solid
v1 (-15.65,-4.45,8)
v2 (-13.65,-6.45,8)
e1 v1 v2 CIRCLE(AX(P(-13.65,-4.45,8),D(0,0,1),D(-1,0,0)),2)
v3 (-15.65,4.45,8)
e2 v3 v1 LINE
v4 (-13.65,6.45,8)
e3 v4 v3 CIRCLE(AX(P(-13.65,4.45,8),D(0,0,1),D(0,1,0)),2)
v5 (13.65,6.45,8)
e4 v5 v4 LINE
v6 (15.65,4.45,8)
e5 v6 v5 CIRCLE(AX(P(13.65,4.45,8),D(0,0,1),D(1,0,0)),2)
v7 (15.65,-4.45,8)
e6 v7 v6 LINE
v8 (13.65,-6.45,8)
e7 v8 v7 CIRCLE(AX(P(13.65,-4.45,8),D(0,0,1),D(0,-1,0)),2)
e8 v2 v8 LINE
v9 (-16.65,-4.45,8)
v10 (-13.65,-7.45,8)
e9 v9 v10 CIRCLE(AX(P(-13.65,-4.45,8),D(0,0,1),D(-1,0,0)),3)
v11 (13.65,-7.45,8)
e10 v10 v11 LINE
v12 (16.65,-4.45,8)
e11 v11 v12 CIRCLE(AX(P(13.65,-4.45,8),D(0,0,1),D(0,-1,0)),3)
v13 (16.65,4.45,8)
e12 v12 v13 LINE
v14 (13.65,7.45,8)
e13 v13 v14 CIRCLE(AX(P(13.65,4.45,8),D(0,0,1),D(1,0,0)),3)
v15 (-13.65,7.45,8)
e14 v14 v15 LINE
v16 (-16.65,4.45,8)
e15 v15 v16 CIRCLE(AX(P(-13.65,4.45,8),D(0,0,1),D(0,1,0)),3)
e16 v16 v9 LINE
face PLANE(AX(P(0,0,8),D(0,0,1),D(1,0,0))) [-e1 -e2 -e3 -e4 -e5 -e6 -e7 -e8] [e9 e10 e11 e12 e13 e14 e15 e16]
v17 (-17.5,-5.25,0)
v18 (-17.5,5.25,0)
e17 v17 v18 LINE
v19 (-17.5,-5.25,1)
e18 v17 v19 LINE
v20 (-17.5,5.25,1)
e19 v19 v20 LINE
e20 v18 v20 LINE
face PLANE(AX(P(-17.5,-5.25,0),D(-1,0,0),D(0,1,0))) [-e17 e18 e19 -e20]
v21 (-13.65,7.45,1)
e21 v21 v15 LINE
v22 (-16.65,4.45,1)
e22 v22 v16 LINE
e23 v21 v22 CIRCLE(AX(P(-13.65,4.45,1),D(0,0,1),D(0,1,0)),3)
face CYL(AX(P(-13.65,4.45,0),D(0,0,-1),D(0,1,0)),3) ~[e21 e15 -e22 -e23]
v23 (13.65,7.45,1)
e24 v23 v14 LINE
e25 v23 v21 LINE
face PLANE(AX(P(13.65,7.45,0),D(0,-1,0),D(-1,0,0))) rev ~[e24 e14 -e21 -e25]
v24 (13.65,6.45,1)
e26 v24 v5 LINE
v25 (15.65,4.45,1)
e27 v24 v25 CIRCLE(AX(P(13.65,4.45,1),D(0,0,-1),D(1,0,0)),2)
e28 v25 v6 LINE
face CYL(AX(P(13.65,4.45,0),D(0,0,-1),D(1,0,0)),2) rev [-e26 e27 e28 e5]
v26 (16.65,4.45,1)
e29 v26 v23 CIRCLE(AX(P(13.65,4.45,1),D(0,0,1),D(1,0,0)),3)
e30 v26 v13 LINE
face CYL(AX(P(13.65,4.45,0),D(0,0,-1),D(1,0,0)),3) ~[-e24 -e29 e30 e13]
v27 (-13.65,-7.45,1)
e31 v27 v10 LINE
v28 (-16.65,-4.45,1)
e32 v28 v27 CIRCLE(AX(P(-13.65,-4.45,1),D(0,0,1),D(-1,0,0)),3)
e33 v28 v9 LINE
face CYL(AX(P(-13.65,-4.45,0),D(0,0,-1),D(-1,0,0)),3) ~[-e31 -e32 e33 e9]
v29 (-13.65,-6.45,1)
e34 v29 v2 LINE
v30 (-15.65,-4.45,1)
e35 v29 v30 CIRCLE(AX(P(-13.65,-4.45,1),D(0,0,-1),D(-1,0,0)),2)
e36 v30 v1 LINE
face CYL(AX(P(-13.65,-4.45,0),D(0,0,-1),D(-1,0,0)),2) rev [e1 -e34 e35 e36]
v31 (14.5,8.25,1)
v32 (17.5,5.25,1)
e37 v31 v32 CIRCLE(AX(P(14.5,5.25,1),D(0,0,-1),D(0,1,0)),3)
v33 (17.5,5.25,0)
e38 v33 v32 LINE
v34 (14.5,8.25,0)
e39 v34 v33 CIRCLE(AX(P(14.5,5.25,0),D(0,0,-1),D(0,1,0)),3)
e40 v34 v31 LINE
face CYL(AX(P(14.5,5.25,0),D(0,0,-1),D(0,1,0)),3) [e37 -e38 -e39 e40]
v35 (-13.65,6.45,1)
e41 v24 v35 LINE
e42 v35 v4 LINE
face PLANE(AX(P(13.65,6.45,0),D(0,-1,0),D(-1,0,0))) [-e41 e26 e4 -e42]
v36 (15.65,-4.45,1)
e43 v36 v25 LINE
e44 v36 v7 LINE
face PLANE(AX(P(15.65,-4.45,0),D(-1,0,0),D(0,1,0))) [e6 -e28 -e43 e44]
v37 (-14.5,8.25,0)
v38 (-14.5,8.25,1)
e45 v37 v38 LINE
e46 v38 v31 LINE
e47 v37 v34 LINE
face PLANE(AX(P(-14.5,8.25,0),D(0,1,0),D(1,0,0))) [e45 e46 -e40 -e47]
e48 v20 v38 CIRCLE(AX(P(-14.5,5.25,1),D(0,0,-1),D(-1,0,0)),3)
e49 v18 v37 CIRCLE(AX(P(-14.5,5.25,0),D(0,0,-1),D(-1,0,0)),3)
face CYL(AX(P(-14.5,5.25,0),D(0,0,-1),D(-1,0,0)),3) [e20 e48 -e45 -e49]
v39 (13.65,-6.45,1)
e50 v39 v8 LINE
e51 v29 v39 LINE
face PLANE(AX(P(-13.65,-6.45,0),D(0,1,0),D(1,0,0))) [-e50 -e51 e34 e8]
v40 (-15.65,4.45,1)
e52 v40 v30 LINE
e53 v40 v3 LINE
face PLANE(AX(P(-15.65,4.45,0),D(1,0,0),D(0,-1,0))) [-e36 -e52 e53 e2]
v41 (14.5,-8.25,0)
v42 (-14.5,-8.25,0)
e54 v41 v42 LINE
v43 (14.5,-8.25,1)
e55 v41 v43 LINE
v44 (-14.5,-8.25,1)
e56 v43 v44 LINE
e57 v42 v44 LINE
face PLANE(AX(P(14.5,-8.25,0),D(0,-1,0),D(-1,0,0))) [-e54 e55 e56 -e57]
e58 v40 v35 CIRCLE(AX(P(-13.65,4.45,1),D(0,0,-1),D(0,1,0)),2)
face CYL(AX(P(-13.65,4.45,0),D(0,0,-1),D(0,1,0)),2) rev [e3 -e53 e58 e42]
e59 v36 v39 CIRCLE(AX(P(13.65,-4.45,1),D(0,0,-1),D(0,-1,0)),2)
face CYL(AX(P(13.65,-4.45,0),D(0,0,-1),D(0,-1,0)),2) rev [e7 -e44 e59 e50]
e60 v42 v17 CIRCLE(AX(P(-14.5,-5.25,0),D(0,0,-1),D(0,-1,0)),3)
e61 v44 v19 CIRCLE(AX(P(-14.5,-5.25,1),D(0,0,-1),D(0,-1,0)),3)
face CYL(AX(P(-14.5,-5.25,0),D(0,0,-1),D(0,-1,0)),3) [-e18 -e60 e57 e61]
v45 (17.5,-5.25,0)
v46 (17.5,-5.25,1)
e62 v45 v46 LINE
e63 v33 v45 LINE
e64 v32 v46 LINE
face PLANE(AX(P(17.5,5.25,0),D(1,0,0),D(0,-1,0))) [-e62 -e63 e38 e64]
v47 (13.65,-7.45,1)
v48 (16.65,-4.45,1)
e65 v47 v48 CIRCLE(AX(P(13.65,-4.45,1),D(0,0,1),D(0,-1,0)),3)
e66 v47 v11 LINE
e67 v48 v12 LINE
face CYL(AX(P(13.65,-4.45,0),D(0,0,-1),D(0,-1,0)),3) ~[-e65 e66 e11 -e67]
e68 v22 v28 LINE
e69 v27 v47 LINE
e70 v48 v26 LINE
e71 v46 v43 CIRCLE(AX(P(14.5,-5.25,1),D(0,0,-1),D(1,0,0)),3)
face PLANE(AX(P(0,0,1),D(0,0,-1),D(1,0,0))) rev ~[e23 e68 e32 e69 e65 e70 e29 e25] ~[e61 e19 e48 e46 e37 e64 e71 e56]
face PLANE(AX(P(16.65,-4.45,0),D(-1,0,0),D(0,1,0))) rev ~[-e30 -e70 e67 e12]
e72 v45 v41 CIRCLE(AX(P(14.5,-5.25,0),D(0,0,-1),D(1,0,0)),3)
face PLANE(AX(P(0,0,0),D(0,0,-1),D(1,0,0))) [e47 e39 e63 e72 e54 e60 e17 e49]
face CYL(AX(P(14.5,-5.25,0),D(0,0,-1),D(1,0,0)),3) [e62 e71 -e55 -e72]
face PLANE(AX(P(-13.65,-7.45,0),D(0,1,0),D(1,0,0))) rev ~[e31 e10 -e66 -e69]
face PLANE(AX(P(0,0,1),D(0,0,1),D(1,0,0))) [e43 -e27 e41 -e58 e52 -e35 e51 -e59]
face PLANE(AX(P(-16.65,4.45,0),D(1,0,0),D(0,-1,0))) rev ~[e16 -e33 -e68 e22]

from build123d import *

# Parameters (mm, degrees)
F1_DEPTH = 8
F2_T     = -1
F4_DEPTH = 1


with BuildPart() as f1:
    # F0 (on Top) → F1 (new body)
    with BuildSketch(Plane.XY):
        with BuildLine():
            Line((-13.65, -7.45), (13.65, -7.45))
            ThreePointArc((13.65, -7.45), (15.7713203436, -6.5713203436), (16.65, -4.45))
            Line((16.65, -4.45), (16.65, 4.45))
            ThreePointArc((16.65, 4.45), (15.7713203436, 6.5713203436), (13.65, 7.45))
            Line((13.65, 7.45), (-13.65, 7.45))
            ThreePointArc((-13.65, 7.45), (-15.7713203436, 6.5713203436), (-16.65, 4.45))
            Line((-16.65, 4.45), (-16.65, -4.45))
            ThreePointArc((-16.65, -4.45), (-15.7713203436, -6.5713203436), (-13.65, -7.45))
        make_face()
    extrude(amount=F1_DEPTH)

    # F2
    f2_openings = [f1.faces().sort_by_distance(p)[0] for p in [
        (0, 0, 8),
    ]]
    offset(amount=F2_T, openings=f2_openings)

    # F3 (on face) → F4 (join)
    with BuildSketch(Plane(origin=(0, 0, 0), x_dir=(1, 0, 0), z_dir=(0, 0, -1))):
        with BuildLine():
            Line((-14.5, -8.25), (14.5, -8.25))
            ThreePointArc((14.5, -8.25), (16.6213203436, -7.3713203436), (17.5, -5.25))
            Line((17.5, -5.25), (17.5, 5.25))
            ThreePointArc((17.5, 5.25), (16.6213203436, 7.3713203436), (14.5, 8.25))
            Line((14.5, 8.25), (-14.5, 8.25))
            ThreePointArc((-14.5, 8.25), (-16.6213203436, 7.3713203436), (-17.5, 5.25))
            Line((-17.5, 5.25), (-17.5, -5.25))
            ThreePointArc((-17.5, -5.25), (-16.6213203436, -7.3713203436), (-14.5, -8.25))
        make_face()
        with BuildLine():
            Line((-13.65, 7.45), (13.65, 7.45))
            ThreePointArc((13.65, 7.45), (15.7713203436, 6.5713203436), (16.65, 4.45))
            Line((16.65, 4.45), (16.65, -4.45))
            ThreePointArc((16.65, -4.45), (15.7713203436, -6.5713203436), (13.65, -7.45))
            Line((13.65, -7.45), (-13.65, -7.45))
            ThreePointArc((-13.65, -7.45), (-15.7713203436, -6.5713203436), (-16.65, -4.45))
            Line((-16.65, -4.45), (-16.65, 4.45))
            ThreePointArc((-16.65, 4.45), (-15.7713203436, 6.5713203436), (-13.65, 7.45))
        make_face(mode=Mode.SUBTRACT)
    extrude(amount=-F4_DEPTH)


solid = f1.part
